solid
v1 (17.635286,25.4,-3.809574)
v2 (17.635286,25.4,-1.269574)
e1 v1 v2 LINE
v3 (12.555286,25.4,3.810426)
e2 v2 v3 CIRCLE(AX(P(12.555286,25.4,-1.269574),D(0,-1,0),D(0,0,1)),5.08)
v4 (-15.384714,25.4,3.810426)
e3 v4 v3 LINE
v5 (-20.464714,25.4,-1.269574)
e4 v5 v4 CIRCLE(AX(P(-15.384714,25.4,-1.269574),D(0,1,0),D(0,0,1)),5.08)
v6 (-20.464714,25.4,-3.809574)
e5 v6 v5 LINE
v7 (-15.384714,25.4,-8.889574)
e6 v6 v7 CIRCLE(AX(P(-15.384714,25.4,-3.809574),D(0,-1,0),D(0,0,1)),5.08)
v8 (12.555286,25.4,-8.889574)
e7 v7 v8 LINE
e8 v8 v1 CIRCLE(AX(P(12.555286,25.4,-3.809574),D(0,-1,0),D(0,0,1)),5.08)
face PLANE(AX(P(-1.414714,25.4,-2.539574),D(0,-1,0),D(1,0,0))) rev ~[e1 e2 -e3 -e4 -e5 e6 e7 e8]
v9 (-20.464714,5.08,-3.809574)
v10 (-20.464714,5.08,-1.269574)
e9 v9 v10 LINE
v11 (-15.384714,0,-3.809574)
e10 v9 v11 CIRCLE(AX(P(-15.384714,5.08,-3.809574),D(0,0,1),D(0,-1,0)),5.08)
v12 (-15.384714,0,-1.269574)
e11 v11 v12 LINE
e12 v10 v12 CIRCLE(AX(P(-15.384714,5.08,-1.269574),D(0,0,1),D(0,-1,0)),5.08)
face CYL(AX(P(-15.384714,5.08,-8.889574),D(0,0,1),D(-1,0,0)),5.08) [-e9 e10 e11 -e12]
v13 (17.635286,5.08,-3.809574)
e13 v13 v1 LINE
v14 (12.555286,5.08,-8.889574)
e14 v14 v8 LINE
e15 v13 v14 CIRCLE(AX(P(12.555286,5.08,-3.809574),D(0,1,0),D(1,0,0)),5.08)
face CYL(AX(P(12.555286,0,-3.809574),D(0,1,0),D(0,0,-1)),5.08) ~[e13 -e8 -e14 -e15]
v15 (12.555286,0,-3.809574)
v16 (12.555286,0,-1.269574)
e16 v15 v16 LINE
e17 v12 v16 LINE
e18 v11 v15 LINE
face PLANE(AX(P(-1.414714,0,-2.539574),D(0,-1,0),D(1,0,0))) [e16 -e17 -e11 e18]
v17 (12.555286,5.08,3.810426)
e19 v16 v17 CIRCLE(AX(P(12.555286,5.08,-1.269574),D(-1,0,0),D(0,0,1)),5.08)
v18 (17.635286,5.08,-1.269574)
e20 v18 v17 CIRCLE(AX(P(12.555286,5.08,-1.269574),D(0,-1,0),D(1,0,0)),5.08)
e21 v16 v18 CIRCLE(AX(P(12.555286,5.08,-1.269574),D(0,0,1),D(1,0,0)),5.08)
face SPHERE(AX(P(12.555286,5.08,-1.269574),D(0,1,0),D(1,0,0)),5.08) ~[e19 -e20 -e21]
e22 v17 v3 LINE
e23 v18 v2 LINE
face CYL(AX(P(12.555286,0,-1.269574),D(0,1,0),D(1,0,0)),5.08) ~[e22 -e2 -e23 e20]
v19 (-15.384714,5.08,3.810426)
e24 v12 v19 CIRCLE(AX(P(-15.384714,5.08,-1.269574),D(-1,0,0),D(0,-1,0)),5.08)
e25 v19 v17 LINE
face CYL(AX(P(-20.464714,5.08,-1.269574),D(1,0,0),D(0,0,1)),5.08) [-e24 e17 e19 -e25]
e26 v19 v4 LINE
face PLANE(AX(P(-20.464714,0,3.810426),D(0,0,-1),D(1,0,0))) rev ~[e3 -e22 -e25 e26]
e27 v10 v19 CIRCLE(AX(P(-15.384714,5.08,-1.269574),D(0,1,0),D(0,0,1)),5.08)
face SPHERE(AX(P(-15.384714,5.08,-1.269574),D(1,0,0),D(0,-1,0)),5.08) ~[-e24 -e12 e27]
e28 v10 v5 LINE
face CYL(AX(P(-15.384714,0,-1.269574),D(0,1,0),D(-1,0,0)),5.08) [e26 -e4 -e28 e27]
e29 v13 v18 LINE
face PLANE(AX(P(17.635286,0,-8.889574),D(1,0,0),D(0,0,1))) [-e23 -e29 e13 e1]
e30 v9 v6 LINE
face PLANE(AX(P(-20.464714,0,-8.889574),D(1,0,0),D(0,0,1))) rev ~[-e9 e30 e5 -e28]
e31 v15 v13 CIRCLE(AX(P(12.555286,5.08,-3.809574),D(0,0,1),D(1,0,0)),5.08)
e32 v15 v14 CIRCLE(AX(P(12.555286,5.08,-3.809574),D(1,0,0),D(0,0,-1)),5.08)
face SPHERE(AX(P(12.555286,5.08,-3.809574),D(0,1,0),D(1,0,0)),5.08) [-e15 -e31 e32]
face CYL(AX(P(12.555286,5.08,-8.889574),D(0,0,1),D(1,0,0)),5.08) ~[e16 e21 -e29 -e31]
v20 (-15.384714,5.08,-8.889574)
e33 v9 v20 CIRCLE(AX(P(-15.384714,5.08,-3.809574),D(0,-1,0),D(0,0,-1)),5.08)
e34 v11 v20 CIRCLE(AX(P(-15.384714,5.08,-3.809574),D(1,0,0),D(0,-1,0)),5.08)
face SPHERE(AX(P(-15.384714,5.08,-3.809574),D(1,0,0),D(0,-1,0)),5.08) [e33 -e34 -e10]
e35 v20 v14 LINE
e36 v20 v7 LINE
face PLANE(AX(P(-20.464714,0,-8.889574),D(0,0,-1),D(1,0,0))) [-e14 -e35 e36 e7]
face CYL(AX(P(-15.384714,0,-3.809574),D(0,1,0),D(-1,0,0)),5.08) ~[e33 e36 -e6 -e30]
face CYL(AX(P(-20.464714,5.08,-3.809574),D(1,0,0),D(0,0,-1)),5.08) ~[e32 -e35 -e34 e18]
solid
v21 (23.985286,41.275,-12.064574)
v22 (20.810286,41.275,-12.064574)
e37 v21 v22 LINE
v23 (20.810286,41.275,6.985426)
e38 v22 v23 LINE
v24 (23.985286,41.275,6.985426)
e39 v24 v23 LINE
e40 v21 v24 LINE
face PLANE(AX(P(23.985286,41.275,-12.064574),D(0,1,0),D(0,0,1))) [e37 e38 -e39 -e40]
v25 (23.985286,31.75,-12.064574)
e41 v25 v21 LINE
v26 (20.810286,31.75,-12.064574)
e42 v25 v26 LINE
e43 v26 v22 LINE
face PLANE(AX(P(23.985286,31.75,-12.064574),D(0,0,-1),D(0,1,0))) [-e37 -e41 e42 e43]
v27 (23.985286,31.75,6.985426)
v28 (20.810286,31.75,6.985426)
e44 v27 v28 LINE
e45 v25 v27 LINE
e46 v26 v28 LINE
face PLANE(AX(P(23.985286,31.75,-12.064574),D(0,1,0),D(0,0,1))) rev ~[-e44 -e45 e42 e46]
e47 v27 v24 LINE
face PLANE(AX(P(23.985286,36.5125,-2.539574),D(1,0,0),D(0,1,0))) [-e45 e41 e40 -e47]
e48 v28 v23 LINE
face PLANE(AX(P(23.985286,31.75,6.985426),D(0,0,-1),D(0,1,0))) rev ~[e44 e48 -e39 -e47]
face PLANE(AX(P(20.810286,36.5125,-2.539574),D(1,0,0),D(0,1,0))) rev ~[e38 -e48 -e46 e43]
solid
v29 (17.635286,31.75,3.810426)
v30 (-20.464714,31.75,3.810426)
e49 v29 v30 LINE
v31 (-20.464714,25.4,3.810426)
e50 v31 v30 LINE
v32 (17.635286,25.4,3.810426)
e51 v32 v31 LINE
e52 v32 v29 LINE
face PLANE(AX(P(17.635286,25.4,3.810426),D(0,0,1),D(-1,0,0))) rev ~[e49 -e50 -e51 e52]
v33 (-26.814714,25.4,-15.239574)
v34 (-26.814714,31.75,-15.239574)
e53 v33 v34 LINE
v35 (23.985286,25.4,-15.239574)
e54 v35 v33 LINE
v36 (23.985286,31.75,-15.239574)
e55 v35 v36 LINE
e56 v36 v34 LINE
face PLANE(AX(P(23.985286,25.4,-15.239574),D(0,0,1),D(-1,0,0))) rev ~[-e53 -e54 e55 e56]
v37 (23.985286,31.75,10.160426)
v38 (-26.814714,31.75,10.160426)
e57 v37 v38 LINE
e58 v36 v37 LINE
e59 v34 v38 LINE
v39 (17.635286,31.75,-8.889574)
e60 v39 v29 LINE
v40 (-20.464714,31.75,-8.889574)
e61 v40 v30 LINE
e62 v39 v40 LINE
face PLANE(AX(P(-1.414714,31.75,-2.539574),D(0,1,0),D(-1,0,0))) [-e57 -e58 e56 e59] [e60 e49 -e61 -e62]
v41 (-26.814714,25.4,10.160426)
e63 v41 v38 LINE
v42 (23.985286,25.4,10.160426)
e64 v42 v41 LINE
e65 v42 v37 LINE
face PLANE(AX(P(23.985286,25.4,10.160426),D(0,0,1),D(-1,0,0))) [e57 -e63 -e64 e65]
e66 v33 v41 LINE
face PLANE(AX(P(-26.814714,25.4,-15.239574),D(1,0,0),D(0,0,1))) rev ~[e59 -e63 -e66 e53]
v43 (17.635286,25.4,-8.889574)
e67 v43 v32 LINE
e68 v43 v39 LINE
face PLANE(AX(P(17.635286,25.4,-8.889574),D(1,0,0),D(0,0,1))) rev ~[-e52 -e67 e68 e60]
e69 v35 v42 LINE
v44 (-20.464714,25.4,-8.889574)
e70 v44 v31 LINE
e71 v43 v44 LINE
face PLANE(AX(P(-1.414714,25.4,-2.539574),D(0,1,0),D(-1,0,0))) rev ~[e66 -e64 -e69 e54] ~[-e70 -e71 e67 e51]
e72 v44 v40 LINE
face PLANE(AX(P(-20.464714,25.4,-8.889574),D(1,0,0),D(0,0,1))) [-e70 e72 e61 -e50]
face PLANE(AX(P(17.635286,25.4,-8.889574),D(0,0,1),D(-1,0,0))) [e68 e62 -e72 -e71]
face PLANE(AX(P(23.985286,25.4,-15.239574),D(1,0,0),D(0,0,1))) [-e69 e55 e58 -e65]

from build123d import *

# Parameters (mm, degrees)
F0_W     = 38.1
F0_H     = 12.7
F1_DEPTH = 25.4
F2_W     = 50.8
F2_H     = 25.4
F2_W_2   = 38.1
F2_H_2   = 12.7
F3_DEPTH = 6.35
F4_W     = 9.525
F4_H     = 19.05
F5_DEPTH = 3.175
F6_R     = 5.08


with BuildPart() as f1:
    # F0 (on Front) → F1 (new body)
    with BuildSketch(Plane.XZ):
        with Locations((-1.414714, -2.539574)):
            Rectangle(F0_W, F0_H)
    extrude(amount=-F1_DEPTH)

    # F6
    f6_edges = [f1.edges().sort_by_distance(p)[0] for p in [
        (17.635286, 12.7, 3.810426),
        (17.635286, 12.7, -8.889574),
        (17.635286, 0, -2.539574),
        (-1.414714, 0, 3.810426),
        (-1.414714, 0, -8.889574),
        (-20.464714, 0, -2.539574),
        (-20.464714, 12.7, 3.810426),
        (-20.464714, 12.7, -8.889574),
    ]]
    fillet(f6_edges, radius=F6_R)


with BuildPart() as f3:
    # F2 (on face) → F3 (new body)
    with BuildSketch(Plane(origin=(0, 25.4, 0), x_dir=(-1, 0, 0), z_dir=(0, 1, 0))):
        with Locations((1.414714, -2.539574)):
            Rectangle(F2_W, F2_H)
        with Locations((1.414714, -2.539574)):
            Rectangle(F2_W_2, F2_H_2, mode=Mode.SUBTRACT)
    extrude(amount=F3_DEPTH)


with BuildPart() as f5:
    # F4 (on face) → F5 (new body)
    with BuildSketch(Plane.YZ.offset(23.985286)):
        with Locations((36.5125, -2.539574)):
            Rectangle(F4_W, F4_H)
    extrude(amount=-F5_DEPTH)


solid = Compound([f1.part, f3.part, f5.part])
